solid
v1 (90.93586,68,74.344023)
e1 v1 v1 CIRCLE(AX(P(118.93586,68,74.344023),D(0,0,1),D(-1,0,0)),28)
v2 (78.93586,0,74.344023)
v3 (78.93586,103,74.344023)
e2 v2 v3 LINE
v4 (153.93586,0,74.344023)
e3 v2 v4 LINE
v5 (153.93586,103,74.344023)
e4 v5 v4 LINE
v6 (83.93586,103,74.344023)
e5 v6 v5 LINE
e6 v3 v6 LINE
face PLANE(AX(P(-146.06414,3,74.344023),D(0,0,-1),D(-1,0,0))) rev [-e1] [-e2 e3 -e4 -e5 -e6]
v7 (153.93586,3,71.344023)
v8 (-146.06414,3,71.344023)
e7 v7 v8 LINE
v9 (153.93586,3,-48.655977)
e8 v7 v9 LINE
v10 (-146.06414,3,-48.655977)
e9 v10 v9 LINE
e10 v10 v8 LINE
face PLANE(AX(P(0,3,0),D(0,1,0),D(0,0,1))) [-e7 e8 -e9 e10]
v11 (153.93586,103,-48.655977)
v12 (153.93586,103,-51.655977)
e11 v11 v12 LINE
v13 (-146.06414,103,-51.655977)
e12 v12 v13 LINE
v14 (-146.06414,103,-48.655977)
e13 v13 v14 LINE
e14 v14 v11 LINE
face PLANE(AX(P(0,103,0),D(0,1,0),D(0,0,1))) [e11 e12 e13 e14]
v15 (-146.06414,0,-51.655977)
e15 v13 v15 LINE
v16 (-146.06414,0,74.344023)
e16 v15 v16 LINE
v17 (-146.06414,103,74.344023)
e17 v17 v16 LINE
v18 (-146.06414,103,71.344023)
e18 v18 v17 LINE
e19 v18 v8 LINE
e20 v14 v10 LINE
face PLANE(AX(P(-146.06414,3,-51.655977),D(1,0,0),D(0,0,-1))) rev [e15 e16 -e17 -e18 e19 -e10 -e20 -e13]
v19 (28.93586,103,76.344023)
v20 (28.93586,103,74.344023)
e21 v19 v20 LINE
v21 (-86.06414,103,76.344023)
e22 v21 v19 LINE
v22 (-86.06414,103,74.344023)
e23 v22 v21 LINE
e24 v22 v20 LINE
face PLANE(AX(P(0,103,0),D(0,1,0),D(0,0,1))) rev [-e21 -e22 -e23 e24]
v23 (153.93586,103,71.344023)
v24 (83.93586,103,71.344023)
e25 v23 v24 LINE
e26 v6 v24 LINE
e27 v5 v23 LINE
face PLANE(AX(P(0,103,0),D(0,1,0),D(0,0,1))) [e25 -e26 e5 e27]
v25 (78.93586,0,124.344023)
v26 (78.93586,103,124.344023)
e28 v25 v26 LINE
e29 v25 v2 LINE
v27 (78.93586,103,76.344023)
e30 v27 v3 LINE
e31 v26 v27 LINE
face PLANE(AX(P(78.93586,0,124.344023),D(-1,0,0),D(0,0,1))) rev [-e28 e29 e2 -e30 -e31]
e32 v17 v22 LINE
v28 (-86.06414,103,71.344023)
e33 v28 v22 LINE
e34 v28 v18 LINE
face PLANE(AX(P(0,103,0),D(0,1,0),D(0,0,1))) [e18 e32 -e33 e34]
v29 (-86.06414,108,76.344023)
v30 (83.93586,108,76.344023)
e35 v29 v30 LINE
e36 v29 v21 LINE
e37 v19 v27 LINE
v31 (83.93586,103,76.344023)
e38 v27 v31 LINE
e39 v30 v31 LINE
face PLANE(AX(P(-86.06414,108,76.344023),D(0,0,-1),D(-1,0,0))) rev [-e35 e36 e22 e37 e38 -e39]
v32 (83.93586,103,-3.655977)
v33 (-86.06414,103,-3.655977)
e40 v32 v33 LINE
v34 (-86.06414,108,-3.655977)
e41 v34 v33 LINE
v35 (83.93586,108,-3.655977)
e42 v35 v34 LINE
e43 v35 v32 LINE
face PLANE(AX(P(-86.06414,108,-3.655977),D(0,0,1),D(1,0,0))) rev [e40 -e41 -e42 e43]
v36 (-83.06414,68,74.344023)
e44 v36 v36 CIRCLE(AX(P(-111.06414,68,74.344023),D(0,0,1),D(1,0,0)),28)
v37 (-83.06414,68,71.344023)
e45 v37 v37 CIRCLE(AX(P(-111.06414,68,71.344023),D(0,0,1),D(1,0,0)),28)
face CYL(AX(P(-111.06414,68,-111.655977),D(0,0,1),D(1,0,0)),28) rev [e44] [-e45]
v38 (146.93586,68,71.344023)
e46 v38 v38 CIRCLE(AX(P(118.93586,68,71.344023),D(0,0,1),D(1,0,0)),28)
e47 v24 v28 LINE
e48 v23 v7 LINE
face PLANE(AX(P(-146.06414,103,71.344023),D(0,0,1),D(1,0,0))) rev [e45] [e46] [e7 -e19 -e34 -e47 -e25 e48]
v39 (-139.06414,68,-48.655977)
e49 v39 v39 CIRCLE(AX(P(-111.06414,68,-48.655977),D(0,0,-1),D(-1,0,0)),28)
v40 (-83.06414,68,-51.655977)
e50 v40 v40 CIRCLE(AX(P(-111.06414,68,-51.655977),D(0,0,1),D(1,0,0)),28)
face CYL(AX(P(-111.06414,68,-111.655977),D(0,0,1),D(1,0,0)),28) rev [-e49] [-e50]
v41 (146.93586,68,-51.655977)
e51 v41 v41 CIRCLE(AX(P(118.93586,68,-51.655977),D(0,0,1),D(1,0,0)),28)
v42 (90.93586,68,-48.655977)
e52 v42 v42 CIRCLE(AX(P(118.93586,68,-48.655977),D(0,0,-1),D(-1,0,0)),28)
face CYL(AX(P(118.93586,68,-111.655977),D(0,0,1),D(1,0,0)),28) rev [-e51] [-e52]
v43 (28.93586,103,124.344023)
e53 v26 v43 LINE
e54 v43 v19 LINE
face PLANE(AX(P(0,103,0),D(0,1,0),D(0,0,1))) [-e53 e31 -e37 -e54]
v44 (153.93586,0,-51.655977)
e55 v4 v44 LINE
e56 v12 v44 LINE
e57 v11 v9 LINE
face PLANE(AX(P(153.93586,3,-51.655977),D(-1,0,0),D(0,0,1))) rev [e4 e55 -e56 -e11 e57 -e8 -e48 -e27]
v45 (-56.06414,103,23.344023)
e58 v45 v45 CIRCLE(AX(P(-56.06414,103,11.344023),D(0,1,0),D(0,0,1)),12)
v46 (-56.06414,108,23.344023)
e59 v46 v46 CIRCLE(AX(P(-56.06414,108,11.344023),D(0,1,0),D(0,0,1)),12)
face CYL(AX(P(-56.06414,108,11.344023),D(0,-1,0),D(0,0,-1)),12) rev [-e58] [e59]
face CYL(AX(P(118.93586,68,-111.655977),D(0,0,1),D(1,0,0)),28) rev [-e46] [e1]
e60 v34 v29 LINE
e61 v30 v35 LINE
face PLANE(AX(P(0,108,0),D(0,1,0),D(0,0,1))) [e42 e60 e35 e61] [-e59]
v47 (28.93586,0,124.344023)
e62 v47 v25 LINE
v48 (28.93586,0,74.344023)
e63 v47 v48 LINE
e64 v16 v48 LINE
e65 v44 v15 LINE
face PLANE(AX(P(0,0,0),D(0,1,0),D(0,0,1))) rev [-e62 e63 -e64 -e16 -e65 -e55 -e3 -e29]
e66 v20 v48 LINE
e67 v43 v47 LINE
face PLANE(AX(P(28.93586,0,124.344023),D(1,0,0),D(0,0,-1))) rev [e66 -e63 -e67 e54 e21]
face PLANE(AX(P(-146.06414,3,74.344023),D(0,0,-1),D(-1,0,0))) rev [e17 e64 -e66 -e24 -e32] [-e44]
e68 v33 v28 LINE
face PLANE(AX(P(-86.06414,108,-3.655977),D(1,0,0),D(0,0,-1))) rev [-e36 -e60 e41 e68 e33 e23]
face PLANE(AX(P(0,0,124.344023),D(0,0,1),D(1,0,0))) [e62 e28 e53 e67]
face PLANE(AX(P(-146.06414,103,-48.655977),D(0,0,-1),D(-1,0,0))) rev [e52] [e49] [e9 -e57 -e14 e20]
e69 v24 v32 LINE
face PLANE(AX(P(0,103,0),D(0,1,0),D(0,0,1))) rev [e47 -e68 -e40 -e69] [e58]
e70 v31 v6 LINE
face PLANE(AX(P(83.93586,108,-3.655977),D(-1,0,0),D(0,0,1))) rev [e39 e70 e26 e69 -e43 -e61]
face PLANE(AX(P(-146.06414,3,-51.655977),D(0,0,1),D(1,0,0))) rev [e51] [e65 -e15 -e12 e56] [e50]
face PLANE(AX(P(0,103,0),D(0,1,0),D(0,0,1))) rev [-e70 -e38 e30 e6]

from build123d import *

# Parameters (mm, degrees)
SKETCH1_W            = 300
SKETCH1_H            = 126
BOSS_EXTRUDE2_DEPTH  = 3
SKETCH3_W            = 300
SKETCH3_H            = 3
BOSS_EXTRUDE3_DEPTH  = 100
SKETCH4_R            = 28
CUT_EXTRUDE1_DEPTH   = 186
SKETCH5_W            = 50
SKETCH5_H            = 103
BOSS_EXTRUDE9_DEPTH  = 50
SKETCH9_W            = 170
SKETCH9_H            = 80
SKETCH9_R            = 12
BOSS_EXTRUDE14_DEPTH = 5


with BuildPart() as part:
    # Sketch1 → Boss-Extrude2 (new body)
    with BuildSketch(Plane(origin=(0, 0, 0), x_dir=(1, 0, 0), z_dir=(0, 1, 0))):
        with Locations((3.935860058, -11.344023324)):
            Rectangle(SKETCH1_W, SKETCH1_H)
    extrude(amount=BOSS_EXTRUDE2_DEPTH)

    # Sketch3 → Boss-Extrude3 (add)
    with BuildSketch(Plane(origin=(0, 3, 0), x_dir=(1, 0, 0), z_dir=(0, 1, 0))):
        with Locations((3.935860058, -72.844023324)):
            Rectangle(SKETCH3_W, SKETCH3_H)
        with Locations((3.935860058, 50.155976676)):
            Rectangle(SKETCH3_W, SKETCH3_H)
    extrude(amount=BOSS_EXTRUDE3_DEPTH)

    # Sketch4 → Cut-Extrude1 (cut)
    with BuildSketch(Plane.XY.offset(74.344023324)):
        with Locations((-111.064139942, 68)):
            Circle(SKETCH4_R)
        with Locations((118.935860058, 68)):
            Circle(SKETCH4_R)
    extrude(amount=-CUT_EXTRUDE1_DEPTH, mode=Mode.SUBTRACT)

    # Sketch5 → Boss-Extrude9 (add)
    with BuildSketch(Plane.XY.offset(74.344023324)):
        with Locations((53.935860058, 51.5)):
            Rectangle(SKETCH5_W, SKETCH5_H)
    extrude(amount=BOSS_EXTRUDE9_DEPTH)

    # Sketch9 → Boss-Extrude14 (add)
    with BuildSketch(Plane(origin=(0, 103, 0), x_dir=(1, 0, 0), z_dir=(0, 1, 0))):
        with Locations((-1.064139942, -36.344023324)):
            Rectangle(SKETCH9_W, SKETCH9_H)
        with Locations(Location((-56.064139942, -11.344023324, 0), (0, 0, 270))):
            Circle(SKETCH9_R, mode=Mode.SUBTRACT)
    extrude(amount=BOSS_EXTRUDE14_DEPTH)


solid = part.part
